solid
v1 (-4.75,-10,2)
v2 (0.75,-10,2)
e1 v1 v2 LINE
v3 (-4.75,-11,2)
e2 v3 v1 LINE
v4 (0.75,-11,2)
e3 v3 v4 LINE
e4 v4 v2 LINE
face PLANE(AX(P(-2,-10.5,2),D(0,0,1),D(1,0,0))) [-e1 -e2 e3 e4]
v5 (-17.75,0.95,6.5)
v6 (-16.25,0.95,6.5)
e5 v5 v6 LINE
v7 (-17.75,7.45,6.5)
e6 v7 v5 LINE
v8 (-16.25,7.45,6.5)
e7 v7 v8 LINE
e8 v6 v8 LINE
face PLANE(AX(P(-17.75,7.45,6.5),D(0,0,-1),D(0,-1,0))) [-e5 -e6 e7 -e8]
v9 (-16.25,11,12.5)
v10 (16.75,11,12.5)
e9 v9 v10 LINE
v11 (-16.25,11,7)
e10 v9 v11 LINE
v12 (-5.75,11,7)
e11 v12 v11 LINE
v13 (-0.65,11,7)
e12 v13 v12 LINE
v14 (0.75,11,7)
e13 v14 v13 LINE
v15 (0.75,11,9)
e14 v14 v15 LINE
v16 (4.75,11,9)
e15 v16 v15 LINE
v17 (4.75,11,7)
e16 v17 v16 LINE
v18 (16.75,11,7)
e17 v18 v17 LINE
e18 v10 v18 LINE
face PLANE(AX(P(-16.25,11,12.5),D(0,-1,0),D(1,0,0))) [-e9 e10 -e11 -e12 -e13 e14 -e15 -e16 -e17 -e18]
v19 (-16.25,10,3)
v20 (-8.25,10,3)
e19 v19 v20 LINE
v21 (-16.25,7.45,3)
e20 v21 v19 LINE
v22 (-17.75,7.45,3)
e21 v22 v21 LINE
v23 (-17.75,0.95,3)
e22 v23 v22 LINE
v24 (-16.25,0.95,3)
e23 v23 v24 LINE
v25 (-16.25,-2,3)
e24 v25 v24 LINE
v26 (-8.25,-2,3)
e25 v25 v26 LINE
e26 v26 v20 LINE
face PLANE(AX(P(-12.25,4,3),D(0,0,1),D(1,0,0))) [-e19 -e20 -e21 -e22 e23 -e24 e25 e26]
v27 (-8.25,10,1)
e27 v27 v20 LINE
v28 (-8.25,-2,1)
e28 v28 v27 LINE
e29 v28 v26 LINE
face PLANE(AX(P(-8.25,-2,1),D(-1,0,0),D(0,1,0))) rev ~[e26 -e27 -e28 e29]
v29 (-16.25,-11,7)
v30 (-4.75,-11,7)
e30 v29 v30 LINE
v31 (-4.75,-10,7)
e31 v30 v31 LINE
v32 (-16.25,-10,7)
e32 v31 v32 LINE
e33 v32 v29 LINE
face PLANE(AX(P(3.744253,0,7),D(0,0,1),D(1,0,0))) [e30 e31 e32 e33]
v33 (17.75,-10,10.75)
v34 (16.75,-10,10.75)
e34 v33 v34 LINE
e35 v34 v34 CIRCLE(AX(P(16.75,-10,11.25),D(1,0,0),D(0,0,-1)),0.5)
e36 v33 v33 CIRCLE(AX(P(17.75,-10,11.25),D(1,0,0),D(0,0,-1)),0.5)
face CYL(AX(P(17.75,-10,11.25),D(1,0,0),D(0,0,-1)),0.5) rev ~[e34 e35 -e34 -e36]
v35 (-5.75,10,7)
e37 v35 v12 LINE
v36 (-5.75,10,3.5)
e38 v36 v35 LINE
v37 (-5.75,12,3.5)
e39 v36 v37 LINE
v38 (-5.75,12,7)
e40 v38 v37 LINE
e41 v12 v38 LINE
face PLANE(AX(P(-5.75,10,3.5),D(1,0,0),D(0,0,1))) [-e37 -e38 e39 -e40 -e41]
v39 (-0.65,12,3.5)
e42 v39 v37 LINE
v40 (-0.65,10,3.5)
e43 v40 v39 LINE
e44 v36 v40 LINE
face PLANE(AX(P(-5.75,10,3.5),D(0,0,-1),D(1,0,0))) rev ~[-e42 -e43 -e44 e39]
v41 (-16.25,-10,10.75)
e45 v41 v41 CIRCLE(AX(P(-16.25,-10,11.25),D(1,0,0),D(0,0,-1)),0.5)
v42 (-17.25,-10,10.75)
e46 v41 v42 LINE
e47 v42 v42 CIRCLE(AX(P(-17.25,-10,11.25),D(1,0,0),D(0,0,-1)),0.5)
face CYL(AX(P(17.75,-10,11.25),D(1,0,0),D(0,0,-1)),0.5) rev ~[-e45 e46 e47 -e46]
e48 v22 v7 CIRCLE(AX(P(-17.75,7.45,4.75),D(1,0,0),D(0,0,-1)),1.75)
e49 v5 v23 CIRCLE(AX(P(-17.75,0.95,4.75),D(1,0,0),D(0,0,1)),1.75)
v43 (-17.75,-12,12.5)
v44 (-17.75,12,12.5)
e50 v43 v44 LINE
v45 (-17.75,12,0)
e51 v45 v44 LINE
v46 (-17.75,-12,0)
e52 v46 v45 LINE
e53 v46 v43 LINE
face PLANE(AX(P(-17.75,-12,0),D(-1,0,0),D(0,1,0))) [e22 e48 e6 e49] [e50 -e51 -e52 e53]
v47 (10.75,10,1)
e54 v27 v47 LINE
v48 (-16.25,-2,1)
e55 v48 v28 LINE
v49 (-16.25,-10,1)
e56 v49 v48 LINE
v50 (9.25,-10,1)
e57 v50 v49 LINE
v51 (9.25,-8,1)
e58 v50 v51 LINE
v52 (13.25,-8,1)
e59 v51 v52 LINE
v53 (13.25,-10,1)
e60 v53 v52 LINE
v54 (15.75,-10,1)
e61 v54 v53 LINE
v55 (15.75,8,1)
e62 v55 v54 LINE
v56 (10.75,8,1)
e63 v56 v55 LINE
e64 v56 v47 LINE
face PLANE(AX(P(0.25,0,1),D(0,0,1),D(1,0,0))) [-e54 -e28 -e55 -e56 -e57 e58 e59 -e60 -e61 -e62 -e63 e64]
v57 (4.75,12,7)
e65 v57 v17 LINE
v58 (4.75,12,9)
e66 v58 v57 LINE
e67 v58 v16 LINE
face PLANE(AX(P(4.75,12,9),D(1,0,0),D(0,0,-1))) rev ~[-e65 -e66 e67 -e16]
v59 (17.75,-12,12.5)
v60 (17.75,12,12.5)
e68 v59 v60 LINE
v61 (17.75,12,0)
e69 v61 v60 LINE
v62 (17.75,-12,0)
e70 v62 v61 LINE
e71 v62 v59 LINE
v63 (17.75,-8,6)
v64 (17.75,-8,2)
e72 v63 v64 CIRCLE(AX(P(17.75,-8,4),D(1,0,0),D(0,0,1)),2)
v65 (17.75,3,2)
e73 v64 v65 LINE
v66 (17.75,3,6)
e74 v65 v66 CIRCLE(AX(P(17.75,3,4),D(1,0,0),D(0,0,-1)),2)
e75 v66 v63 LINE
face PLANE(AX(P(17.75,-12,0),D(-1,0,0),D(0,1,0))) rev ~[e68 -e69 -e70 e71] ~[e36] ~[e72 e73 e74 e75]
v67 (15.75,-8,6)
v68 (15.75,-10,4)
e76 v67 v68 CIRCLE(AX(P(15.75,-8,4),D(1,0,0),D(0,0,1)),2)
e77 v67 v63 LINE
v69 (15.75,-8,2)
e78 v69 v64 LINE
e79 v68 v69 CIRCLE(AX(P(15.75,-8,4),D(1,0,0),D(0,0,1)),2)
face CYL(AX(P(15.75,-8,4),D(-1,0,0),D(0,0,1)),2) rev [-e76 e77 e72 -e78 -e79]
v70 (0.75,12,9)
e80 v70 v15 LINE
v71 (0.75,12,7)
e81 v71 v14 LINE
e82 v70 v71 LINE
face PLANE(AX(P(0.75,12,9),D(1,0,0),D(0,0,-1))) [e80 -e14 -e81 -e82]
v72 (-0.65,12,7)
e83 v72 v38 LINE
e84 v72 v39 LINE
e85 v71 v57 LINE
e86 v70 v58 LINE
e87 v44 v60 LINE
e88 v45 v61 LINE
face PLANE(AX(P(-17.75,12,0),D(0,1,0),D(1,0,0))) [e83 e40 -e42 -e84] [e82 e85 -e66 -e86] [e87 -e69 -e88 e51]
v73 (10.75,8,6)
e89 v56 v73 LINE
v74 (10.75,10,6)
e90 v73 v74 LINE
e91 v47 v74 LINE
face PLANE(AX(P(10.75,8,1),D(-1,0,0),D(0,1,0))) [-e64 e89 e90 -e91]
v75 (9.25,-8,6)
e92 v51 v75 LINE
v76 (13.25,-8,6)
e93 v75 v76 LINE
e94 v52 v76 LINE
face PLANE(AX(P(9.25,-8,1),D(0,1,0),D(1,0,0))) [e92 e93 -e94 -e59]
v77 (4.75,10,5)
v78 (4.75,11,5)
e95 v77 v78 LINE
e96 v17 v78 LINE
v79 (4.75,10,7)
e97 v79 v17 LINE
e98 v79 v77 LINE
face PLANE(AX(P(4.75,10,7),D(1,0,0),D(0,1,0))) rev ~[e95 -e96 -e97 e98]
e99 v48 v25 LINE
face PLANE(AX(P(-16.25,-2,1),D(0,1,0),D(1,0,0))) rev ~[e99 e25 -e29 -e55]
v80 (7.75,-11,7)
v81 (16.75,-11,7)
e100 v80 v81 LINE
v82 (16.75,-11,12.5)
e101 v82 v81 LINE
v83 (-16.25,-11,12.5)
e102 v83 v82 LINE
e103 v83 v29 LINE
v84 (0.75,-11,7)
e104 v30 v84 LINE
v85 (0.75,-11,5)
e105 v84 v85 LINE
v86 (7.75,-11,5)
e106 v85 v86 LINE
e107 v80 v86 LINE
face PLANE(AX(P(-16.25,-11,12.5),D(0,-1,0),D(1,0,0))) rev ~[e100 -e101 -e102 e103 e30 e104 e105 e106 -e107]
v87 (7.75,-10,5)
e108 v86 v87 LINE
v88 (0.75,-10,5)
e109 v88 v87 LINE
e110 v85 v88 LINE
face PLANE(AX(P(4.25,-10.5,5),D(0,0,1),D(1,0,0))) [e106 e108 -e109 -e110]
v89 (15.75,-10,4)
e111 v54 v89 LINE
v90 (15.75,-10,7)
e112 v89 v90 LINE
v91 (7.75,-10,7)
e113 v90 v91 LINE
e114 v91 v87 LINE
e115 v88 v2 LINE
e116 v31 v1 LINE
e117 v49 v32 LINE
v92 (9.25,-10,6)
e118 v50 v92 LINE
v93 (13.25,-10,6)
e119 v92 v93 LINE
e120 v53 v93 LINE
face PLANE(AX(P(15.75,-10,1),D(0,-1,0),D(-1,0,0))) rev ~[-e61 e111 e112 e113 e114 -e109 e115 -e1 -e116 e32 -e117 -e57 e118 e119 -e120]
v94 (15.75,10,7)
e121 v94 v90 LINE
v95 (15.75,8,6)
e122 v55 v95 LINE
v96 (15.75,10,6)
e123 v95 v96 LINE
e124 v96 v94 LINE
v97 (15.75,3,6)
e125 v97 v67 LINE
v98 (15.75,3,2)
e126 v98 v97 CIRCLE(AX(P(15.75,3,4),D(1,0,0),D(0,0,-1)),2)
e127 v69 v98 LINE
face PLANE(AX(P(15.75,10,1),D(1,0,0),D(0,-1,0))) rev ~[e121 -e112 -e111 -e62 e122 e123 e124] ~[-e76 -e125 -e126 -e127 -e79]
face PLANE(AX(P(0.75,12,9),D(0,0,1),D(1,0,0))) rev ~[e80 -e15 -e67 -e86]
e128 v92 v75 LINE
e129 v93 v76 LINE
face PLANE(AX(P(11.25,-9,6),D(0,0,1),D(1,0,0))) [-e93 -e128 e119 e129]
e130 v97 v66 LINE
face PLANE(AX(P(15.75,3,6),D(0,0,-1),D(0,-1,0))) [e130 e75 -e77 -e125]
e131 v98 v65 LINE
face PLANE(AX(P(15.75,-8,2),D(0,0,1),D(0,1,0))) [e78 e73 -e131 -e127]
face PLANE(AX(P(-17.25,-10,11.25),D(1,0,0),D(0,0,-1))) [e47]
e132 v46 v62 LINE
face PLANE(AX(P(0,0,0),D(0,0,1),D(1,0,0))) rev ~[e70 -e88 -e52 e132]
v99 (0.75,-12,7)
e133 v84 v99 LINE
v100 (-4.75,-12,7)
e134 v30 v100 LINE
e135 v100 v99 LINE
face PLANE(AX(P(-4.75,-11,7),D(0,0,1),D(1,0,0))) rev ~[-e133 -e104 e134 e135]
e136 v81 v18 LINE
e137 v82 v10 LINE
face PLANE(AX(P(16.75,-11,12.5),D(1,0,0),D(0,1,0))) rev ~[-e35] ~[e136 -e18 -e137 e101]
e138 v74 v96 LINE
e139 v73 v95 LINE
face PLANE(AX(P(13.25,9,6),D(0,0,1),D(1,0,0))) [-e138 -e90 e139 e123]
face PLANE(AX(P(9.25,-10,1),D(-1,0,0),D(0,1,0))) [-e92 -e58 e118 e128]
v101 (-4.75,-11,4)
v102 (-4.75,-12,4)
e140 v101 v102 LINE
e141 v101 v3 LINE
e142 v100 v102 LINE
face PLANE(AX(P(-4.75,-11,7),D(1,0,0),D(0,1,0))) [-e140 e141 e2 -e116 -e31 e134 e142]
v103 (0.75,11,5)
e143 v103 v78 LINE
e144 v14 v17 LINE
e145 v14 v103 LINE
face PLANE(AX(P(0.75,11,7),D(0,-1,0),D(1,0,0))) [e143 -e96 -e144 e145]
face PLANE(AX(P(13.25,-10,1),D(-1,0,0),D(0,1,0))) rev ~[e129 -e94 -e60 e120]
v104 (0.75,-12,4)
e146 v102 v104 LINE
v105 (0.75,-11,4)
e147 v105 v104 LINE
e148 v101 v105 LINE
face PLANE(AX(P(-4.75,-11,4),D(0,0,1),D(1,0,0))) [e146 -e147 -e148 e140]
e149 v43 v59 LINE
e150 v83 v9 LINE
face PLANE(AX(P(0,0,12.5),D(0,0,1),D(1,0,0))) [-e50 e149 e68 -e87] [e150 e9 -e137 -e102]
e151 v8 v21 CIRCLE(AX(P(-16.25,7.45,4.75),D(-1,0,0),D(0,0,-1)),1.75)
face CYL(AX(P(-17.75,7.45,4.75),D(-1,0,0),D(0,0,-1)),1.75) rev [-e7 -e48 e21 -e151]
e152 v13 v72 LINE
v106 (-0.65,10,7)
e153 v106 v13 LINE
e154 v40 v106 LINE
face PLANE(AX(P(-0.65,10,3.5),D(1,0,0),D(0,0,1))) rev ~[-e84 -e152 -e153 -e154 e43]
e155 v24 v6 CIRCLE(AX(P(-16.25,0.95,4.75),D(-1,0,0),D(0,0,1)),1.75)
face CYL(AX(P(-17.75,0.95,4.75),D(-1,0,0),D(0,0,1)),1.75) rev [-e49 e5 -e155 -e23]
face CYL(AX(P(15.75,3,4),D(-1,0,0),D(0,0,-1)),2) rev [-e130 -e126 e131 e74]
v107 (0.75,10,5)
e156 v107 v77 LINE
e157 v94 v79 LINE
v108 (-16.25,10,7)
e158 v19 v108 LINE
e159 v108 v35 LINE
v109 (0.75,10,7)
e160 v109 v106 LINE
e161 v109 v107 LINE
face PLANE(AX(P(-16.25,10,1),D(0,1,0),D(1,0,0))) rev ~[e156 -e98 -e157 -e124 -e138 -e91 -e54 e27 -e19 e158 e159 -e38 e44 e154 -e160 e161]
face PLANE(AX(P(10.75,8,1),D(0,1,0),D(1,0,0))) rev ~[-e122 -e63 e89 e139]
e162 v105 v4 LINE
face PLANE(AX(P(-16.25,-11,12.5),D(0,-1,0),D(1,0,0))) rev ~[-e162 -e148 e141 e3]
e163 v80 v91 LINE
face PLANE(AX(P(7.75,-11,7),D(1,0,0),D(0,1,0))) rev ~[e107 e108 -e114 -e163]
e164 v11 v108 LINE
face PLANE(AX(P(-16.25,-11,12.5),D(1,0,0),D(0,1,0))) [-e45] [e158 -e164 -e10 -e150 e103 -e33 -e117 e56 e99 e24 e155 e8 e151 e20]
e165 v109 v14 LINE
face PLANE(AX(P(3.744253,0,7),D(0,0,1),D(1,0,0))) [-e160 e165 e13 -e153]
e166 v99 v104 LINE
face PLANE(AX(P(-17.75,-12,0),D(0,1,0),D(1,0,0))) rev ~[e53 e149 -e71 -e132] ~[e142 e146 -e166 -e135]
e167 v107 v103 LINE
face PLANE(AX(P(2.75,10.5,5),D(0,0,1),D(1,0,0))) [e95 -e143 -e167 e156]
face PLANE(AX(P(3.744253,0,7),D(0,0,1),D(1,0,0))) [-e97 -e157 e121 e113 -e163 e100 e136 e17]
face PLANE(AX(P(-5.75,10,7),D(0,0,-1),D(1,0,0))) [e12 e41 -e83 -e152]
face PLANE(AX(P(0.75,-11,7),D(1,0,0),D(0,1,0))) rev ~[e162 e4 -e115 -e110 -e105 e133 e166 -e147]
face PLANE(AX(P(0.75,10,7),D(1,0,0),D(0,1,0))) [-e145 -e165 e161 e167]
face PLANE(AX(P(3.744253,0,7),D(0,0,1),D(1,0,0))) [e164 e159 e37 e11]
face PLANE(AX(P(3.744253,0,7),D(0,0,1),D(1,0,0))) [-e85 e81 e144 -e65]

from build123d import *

# Parameters (mm, degrees)
SKETCH_1_W           = 35.5
SKETCH_1_H           = 24
EXTRUDE_1_DEPTH      = 12.5
SKETCH_2_W           = 33
SKETCH_2_H           = 22
CUT_EXTRUDE_1_DEPTH  = 11.5
CUT_EXTRUDE_2_DEPTH  = 2
EXTRUDE_2_DEPTH      = 6
SKETCH_7_W           = 4
SKETCH_7_H           = 2
SKETCH_7_W_2         = 5
EXTRUDE_3_DEPTH      = 5
CUT_EXTRUDE_4_DEPTH  = 2
SKETCH_11_R          = 0.5
CUT_EXTRUDE_5_DEPTH  = 35
SKETCH_12_W          = 5.5
SKETCH_12_H          = 1
CUT_EXTRUDE_6_DEPTH  = 5
SKETCH_15_W          = 5.5
SKETCH_15_H          = 3
CUT_EXTRUDE_7_DEPTH  = 5
SKETCH_16_W          = 5.1
SKETCH_16_H          = 3.5
CUT_EXTRUDE_8_DEPTH  = 5
SKETCH_18_W          = 7
SKETCH_18_H          = 1
FPC_DEPTH            = 2
SKETCH_19_W          = 8
SKETCH_19_H          = 12
USB_DEPTH            = 2
SKETCH_20_W          = 4
SKETCH_20_H          = 2
CUT_EXTRUDE_10_DEPTH = 2
SKETCH_21_W          = 4
SKETCH_21_H          = 1
CUT_EXTRUDE_11_DEPTH = 2


with BuildPart() as part:
    # 草图1 → 凸台-拉伸1 (new body)
    with BuildSketch(Plane.XY):
        Rectangle(SKETCH_1_W, SKETCH_1_H)
    extrude(amount=EXTRUDE_1_DEPTH)

    # 草图2 → 切除-拉伸1 (cut)
    with BuildSketch(Plane.XY.offset(12.5)):
        with Locations((0.25, 0)):
            Rectangle(SKETCH_2_W, SKETCH_2_H)
    extrude(amount=-CUT_EXTRUDE_1_DEPTH, mode=Mode.SUBTRACT)

    # 草图3 → 切除-拉伸2 (cut)
    with BuildSketch(Plane.ZY.offset(17.75)):
        with BuildLine():
            Line((6.5, 7.45), (6.5, 0.95))
            ThreePointArc((6.5, 0.95), (4.75, -0.8), (3, 0.95))
            Line((3, 0.95), (3, 7.45))
            ThreePointArc((3, 7.45), (4.75, 9.2), (6.5, 7.45))
        make_face()
    extrude(amount=-CUT_EXTRUDE_2_DEPTH, mode=Mode.SUBTRACT)

    # 草图6 → 凸台-拉伸2 (add)
    with BuildSketch(Plane.XY.offset(1)):
        Polygon((-16.25, 10), (15.75, 10), (15.75, -10), (-16.25, -10), (-16.25, -11), (16.75, -11), (16.75, 11), (-16.25, 11), align=None)
    extrude(amount=EXTRUDE_2_DEPTH)

    # 草图7 → 凸台-拉伸3 (add)
    with BuildSketch(Plane.XY.offset(1)):
        with Locations((11.25, -9)):
            Rectangle(SKETCH_7_W, SKETCH_7_H)
        with Locations((13.25, 9)):
            Rectangle(SKETCH_7_W_2, SKETCH_7_H)
    extrude(amount=EXTRUDE_3_DEPTH)

    # 草图10 → 切除-拉伸4 (cut)
    with BuildSketch(Plane.ZY.offset(-15.75)):
        with BuildLine():
            Line((2, -8), (2, 3))
            ThreePointArc((2, 3), (4, 5), (6, 3))
            Line((6, 3), (6, -8))
            ThreePointArc((6, -8), (4, -10), (2, -8))
        make_face()
    extrude(amount=-CUT_EXTRUDE_4_DEPTH, mode=Mode.SUBTRACT)

    # 草图11 → 切除-拉伸5 (cut)
    with BuildSketch(Plane(origin=(17.75, 0, 0), x_dir=(0, 0, -1), z_dir=(1, 0, 0))):
        with Locations((-11.25, -10)):
            Circle(SKETCH_11_R)
    extrude(amount=-CUT_EXTRUDE_5_DEPTH, mode=Mode.SUBTRACT)

    # 草图12 → 切除-拉伸6 (cut)
    with BuildSketch(Plane.XY.offset(7)):
        with Locations((-2, -10.5)):
            Rectangle(SKETCH_12_W, SKETCH_12_H)
    extrude(amount=-CUT_EXTRUDE_6_DEPTH, mode=Mode.SUBTRACT)

    # 草图15 → 切除-拉伸7 (cut)
    with BuildSketch(Plane(origin=(0, -11, 0), x_dir=(1, 0, 0), z_dir=(0, 1, 0))):
        with Locations((-2, -5.5)):
            Rectangle(SKETCH_15_W, SKETCH_15_H)
    extrude(amount=-CUT_EXTRUDE_7_DEPTH, mode=Mode.SUBTRACT)

    # 草图16 → 切除-拉伸8 (cut)
    with BuildSketch(Plane.XZ.offset(-10)):
        with Locations((-3.2, 5.25)):
            Rectangle(SKETCH_16_W, SKETCH_16_H)
    extrude(amount=-CUT_EXTRUDE_8_DEPTH, mode=Mode.SUBTRACT)

    # 草图18 → FPC排线间隙 (cut)
    with BuildSketch(Plane.XY.offset(7)):
        with Locations((4.25, -10.5)):
            Rectangle(SKETCH_18_W, SKETCH_18_H)
    extrude(amount=-FPC_DEPTH, mode=Mode.SUBTRACT)

    # 草图19 → USB支撑 (add)
    with BuildSketch(Plane.XY.offset(1)):
        with Locations((-12.25, 4)):
            Rectangle(SKETCH_19_W, SKETCH_19_H)
    extrude(amount=USB_DEPTH)

    # 草图20 → 切除-拉伸10 (cut)
    with BuildSketch(Plane(origin=(0, 12, 0), x_dir=(1, 0, 0), z_dir=(0, 1, 0))):
        with Locations((2.75, -8)):
            Rectangle(SKETCH_20_W, SKETCH_20_H)
    extrude(amount=-CUT_EXTRUDE_10_DEPTH, mode=Mode.SUBTRACT)

    # 草图21 → 切除-拉伸11 (cut)
    with BuildSketch(Plane.XY.offset(7)):
        with Locations((2.75, 10.5)):
            Rectangle(SKETCH_21_W, SKETCH_21_H)
    extrude(amount=-CUT_EXTRUDE_11_DEPTH, mode=Mode.SUBTRACT)


solid = part.part
